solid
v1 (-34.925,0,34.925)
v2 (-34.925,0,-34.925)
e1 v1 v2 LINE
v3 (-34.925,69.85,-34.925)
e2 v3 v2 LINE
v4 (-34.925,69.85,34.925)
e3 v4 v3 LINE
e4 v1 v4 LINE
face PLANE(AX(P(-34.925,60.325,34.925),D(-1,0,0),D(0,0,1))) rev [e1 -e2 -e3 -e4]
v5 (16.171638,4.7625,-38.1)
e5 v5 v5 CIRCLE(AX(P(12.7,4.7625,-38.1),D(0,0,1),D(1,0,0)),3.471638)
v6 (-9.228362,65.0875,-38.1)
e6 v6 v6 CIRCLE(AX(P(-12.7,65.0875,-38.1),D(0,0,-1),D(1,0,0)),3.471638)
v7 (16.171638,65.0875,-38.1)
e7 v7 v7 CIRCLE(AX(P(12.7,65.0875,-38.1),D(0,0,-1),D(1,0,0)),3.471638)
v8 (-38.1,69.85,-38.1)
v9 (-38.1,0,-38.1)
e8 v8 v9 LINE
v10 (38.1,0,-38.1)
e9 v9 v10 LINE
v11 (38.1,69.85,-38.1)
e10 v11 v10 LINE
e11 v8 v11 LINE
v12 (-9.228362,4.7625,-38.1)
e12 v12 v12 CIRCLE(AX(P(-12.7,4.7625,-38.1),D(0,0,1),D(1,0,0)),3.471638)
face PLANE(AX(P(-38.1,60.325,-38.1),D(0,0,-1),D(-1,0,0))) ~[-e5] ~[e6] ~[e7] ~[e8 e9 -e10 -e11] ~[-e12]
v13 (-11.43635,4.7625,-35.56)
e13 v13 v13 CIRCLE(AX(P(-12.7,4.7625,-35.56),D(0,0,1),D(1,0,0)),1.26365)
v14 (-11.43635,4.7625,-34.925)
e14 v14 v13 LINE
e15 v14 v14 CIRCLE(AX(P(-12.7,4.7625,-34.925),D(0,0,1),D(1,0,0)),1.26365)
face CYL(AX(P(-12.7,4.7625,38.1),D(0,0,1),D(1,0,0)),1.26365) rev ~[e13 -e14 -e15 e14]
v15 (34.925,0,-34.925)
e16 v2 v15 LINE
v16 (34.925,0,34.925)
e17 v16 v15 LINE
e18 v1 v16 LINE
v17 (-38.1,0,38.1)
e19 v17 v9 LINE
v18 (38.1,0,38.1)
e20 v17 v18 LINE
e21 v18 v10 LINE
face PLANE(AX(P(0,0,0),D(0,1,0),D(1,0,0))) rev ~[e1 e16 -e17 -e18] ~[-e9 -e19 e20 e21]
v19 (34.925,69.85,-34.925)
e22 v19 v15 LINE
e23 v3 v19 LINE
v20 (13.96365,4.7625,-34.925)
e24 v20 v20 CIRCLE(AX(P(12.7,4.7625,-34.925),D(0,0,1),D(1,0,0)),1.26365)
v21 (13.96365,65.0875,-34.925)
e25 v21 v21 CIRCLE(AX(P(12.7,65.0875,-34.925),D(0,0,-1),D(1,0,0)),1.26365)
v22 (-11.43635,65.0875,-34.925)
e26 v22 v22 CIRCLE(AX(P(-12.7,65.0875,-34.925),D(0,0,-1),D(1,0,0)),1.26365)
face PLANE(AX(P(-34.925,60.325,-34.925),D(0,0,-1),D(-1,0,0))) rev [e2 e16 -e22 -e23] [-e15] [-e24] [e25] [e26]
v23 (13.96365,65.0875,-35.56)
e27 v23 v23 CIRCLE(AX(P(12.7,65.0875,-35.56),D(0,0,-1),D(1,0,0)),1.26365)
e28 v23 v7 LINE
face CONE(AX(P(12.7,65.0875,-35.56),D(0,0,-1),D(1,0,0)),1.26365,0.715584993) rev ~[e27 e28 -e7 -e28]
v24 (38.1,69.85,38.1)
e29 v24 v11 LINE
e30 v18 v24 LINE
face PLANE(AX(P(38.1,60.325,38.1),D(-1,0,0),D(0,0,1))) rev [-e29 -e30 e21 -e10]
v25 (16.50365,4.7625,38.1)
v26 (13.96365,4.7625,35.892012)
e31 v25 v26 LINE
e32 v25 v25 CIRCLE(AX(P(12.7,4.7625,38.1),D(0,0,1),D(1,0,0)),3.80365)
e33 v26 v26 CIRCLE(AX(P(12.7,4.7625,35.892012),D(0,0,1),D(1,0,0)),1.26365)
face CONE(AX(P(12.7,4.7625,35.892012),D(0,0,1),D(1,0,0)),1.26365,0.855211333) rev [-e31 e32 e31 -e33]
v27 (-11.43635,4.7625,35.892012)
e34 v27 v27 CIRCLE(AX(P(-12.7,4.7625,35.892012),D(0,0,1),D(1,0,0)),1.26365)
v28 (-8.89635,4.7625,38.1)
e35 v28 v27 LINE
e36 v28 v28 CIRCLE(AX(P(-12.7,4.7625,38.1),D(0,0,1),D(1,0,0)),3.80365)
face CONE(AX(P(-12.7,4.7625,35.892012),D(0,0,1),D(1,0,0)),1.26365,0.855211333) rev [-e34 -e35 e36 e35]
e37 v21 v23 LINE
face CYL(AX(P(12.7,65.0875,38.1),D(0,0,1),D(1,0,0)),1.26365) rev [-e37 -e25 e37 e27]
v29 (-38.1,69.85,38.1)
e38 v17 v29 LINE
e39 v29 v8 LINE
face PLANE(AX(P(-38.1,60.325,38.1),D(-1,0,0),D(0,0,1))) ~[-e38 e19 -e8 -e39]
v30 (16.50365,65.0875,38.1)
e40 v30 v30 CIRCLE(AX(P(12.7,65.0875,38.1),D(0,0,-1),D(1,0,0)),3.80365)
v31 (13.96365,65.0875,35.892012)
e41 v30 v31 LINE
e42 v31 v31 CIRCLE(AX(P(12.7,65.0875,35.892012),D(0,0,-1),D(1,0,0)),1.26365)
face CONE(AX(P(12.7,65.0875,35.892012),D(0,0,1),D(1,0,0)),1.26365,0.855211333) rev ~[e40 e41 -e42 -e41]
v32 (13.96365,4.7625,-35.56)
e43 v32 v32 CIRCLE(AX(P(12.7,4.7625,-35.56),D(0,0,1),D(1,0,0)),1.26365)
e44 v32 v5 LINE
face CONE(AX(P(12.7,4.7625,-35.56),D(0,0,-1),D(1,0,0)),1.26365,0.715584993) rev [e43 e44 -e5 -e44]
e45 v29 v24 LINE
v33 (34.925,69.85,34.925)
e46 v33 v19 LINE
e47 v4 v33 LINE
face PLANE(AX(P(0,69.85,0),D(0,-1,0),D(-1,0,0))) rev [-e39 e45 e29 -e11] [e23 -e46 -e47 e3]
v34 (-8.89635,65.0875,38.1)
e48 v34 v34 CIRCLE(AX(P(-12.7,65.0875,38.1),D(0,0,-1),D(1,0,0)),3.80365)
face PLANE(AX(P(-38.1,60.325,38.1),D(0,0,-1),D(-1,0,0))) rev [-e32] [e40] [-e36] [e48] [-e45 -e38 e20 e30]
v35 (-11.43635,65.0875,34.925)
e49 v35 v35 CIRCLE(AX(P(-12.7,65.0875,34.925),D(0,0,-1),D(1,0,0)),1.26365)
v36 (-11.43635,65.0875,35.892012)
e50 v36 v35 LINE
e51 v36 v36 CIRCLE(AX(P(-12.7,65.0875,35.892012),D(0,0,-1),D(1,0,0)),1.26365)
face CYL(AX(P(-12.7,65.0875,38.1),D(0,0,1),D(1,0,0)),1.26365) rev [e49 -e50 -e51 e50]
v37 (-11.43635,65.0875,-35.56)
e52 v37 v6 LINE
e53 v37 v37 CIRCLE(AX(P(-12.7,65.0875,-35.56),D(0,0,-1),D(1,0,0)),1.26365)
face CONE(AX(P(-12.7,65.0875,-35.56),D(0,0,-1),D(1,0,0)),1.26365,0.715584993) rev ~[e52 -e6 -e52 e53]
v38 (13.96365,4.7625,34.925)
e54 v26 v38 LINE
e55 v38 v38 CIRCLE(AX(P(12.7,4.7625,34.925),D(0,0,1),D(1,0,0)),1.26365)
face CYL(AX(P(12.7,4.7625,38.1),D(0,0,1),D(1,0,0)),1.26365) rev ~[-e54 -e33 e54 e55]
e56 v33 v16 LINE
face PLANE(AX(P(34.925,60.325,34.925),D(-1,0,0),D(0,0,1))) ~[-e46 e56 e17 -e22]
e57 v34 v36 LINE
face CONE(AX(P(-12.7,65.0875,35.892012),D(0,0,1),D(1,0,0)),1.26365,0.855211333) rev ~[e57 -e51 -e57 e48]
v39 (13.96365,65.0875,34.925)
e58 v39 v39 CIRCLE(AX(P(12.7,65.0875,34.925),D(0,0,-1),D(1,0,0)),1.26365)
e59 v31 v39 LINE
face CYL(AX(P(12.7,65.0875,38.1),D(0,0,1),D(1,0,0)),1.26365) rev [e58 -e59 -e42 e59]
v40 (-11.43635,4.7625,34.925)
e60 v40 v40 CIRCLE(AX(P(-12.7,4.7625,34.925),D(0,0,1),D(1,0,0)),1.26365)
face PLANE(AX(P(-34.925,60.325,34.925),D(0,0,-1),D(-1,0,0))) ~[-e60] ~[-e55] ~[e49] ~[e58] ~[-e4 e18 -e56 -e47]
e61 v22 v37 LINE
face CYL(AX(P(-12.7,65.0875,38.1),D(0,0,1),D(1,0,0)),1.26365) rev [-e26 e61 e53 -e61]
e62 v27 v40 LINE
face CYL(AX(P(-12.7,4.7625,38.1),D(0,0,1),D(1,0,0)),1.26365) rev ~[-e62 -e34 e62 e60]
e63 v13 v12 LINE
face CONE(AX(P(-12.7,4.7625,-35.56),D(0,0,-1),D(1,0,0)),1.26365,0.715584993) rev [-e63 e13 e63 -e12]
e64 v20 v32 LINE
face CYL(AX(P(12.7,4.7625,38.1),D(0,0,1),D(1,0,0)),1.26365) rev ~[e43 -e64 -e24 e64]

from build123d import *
from OCP.BRepFilletAPI import BRepFilletAPI_MakeChamfer

# Parameters (mm, degrees)
SKETCH1_W           = 76.2
SKETCH1_H           = 76.2
SKETCH1_W_2         = 69.85
SKETCH1_H_2         = 69.85
BOSS_EXTRUDE1_DEPTH = 9.525
SKETCH2_R           = 1.26365
CUT_EXTRUDE1_DEPTH  = 86.725
CHAMFER1_SIZE       = 2.54
CHAMFER1_SIZE2      = 2.207988314
SKETCH3_W           = 76.2
SKETCH3_H           = 76.2
SKETCH3_W_2         = 69.85
SKETCH3_H_2         = 69.85
BOSS_EXTRUDE2_DEPTH = 25.4


with BuildPart() as part:
    # Sketch1 → Boss-Extrude1 (new body)
    with BuildSketch(Plane(origin=(0, 0, 0), x_dir=(1, 0, 0), z_dir=(0, 1, 0))):
        Rectangle(SKETCH1_W, SKETCH1_H)
        Rectangle(SKETCH1_W_2, SKETCH1_H_2, mode=Mode.SUBTRACT)
    extrude(amount=BOSS_EXTRUDE1_DEPTH)

    # Sketch2 → Cut-Extrude1 (cut, through all)
    with BuildSketch(Plane.XY.offset(38.1)):
        with Locations((-12.7, 4.7625)):
            Circle(SKETCH2_R)
        with Locations((12.7, 4.7625)):
            Circle(SKETCH2_R)
    extrude(amount=-CUT_EXTRUDE1_DEPTH, mode=Mode.SUBTRACT)

    # Chamfer1: one chamfer whose edges measure the first distance from different faces: ONE call of the kernel's chamfer builder (chamfer() names one face for all edges)
    chamfer1_edges_1 = [part.edges().sort_by_distance(p)[0] for p in [
        (-13.96365, 4.7625, -38.1),
    ]]
    chamfer1_side_1 = [part.faces().sort_by_distance(p)[0] for p in [
        (-13.96365, 4.7625, -36.5125),
    ]]
    chamfer1_edges_2 = [part.edges().sort_by_distance(p)[0] for p in [
        (-13.96365, 4.7625, 38.1),
        (11.43635, 4.7625, 38.1),
    ]]
    chamfer1_side_2 = [part.faces().sort_by_distance(p)[0] for p in [
        (0, 4.7625, 38.1),
    ]]
    chamfer1_edges_3 = [part.edges().sort_by_distance(p)[0] for p in [
        (11.43635, 4.7625, -38.1),
    ]]
    chamfer1_side_3 = [part.faces().sort_by_distance(p)[0] for p in [
        (11.43635, 4.7625, -36.5125),
    ]]
    chamfer1 = BRepFilletAPI_MakeChamfer(part.part.solid().wrapped)
    for e in chamfer1_edges_1:
        chamfer1.Add(CHAMFER1_SIZE, CHAMFER1_SIZE2, e.wrapped, chamfer1_side_1[0].wrapped)  # the first distance lies on this face
    for e in chamfer1_edges_2:
        chamfer1.Add(CHAMFER1_SIZE, CHAMFER1_SIZE2, e.wrapped, chamfer1_side_2[0].wrapped)  # the first distance lies on this face
    for e in chamfer1_edges_3:
        chamfer1.Add(CHAMFER1_SIZE, CHAMFER1_SIZE2, e.wrapped, chamfer1_side_3[0].wrapped)  # the first distance lies on this face
    add(Compound.cast(chamfer1.Shape()), mode=Mode.REPLACE)

    # Sketch3 → Boss-Extrude2 (add)
    with BuildSketch(Plane(origin=(0, 9.525, 0), x_dir=(1, 0, 0), z_dir=(0, 1, 0))):
        Rectangle(SKETCH3_W, SKETCH3_H)
        Rectangle(SKETCH3_W_2, SKETCH3_H_2, mode=Mode.SUBTRACT)
    extrude(amount=BOSS_EXTRUDE2_DEPTH)

    # Mirror2: part across plane


with BuildPart() as part_1:
    add(part.part)
    add(part.part.mirror(Plane.ZX.offset(34.925)))


solid = part_1.part
